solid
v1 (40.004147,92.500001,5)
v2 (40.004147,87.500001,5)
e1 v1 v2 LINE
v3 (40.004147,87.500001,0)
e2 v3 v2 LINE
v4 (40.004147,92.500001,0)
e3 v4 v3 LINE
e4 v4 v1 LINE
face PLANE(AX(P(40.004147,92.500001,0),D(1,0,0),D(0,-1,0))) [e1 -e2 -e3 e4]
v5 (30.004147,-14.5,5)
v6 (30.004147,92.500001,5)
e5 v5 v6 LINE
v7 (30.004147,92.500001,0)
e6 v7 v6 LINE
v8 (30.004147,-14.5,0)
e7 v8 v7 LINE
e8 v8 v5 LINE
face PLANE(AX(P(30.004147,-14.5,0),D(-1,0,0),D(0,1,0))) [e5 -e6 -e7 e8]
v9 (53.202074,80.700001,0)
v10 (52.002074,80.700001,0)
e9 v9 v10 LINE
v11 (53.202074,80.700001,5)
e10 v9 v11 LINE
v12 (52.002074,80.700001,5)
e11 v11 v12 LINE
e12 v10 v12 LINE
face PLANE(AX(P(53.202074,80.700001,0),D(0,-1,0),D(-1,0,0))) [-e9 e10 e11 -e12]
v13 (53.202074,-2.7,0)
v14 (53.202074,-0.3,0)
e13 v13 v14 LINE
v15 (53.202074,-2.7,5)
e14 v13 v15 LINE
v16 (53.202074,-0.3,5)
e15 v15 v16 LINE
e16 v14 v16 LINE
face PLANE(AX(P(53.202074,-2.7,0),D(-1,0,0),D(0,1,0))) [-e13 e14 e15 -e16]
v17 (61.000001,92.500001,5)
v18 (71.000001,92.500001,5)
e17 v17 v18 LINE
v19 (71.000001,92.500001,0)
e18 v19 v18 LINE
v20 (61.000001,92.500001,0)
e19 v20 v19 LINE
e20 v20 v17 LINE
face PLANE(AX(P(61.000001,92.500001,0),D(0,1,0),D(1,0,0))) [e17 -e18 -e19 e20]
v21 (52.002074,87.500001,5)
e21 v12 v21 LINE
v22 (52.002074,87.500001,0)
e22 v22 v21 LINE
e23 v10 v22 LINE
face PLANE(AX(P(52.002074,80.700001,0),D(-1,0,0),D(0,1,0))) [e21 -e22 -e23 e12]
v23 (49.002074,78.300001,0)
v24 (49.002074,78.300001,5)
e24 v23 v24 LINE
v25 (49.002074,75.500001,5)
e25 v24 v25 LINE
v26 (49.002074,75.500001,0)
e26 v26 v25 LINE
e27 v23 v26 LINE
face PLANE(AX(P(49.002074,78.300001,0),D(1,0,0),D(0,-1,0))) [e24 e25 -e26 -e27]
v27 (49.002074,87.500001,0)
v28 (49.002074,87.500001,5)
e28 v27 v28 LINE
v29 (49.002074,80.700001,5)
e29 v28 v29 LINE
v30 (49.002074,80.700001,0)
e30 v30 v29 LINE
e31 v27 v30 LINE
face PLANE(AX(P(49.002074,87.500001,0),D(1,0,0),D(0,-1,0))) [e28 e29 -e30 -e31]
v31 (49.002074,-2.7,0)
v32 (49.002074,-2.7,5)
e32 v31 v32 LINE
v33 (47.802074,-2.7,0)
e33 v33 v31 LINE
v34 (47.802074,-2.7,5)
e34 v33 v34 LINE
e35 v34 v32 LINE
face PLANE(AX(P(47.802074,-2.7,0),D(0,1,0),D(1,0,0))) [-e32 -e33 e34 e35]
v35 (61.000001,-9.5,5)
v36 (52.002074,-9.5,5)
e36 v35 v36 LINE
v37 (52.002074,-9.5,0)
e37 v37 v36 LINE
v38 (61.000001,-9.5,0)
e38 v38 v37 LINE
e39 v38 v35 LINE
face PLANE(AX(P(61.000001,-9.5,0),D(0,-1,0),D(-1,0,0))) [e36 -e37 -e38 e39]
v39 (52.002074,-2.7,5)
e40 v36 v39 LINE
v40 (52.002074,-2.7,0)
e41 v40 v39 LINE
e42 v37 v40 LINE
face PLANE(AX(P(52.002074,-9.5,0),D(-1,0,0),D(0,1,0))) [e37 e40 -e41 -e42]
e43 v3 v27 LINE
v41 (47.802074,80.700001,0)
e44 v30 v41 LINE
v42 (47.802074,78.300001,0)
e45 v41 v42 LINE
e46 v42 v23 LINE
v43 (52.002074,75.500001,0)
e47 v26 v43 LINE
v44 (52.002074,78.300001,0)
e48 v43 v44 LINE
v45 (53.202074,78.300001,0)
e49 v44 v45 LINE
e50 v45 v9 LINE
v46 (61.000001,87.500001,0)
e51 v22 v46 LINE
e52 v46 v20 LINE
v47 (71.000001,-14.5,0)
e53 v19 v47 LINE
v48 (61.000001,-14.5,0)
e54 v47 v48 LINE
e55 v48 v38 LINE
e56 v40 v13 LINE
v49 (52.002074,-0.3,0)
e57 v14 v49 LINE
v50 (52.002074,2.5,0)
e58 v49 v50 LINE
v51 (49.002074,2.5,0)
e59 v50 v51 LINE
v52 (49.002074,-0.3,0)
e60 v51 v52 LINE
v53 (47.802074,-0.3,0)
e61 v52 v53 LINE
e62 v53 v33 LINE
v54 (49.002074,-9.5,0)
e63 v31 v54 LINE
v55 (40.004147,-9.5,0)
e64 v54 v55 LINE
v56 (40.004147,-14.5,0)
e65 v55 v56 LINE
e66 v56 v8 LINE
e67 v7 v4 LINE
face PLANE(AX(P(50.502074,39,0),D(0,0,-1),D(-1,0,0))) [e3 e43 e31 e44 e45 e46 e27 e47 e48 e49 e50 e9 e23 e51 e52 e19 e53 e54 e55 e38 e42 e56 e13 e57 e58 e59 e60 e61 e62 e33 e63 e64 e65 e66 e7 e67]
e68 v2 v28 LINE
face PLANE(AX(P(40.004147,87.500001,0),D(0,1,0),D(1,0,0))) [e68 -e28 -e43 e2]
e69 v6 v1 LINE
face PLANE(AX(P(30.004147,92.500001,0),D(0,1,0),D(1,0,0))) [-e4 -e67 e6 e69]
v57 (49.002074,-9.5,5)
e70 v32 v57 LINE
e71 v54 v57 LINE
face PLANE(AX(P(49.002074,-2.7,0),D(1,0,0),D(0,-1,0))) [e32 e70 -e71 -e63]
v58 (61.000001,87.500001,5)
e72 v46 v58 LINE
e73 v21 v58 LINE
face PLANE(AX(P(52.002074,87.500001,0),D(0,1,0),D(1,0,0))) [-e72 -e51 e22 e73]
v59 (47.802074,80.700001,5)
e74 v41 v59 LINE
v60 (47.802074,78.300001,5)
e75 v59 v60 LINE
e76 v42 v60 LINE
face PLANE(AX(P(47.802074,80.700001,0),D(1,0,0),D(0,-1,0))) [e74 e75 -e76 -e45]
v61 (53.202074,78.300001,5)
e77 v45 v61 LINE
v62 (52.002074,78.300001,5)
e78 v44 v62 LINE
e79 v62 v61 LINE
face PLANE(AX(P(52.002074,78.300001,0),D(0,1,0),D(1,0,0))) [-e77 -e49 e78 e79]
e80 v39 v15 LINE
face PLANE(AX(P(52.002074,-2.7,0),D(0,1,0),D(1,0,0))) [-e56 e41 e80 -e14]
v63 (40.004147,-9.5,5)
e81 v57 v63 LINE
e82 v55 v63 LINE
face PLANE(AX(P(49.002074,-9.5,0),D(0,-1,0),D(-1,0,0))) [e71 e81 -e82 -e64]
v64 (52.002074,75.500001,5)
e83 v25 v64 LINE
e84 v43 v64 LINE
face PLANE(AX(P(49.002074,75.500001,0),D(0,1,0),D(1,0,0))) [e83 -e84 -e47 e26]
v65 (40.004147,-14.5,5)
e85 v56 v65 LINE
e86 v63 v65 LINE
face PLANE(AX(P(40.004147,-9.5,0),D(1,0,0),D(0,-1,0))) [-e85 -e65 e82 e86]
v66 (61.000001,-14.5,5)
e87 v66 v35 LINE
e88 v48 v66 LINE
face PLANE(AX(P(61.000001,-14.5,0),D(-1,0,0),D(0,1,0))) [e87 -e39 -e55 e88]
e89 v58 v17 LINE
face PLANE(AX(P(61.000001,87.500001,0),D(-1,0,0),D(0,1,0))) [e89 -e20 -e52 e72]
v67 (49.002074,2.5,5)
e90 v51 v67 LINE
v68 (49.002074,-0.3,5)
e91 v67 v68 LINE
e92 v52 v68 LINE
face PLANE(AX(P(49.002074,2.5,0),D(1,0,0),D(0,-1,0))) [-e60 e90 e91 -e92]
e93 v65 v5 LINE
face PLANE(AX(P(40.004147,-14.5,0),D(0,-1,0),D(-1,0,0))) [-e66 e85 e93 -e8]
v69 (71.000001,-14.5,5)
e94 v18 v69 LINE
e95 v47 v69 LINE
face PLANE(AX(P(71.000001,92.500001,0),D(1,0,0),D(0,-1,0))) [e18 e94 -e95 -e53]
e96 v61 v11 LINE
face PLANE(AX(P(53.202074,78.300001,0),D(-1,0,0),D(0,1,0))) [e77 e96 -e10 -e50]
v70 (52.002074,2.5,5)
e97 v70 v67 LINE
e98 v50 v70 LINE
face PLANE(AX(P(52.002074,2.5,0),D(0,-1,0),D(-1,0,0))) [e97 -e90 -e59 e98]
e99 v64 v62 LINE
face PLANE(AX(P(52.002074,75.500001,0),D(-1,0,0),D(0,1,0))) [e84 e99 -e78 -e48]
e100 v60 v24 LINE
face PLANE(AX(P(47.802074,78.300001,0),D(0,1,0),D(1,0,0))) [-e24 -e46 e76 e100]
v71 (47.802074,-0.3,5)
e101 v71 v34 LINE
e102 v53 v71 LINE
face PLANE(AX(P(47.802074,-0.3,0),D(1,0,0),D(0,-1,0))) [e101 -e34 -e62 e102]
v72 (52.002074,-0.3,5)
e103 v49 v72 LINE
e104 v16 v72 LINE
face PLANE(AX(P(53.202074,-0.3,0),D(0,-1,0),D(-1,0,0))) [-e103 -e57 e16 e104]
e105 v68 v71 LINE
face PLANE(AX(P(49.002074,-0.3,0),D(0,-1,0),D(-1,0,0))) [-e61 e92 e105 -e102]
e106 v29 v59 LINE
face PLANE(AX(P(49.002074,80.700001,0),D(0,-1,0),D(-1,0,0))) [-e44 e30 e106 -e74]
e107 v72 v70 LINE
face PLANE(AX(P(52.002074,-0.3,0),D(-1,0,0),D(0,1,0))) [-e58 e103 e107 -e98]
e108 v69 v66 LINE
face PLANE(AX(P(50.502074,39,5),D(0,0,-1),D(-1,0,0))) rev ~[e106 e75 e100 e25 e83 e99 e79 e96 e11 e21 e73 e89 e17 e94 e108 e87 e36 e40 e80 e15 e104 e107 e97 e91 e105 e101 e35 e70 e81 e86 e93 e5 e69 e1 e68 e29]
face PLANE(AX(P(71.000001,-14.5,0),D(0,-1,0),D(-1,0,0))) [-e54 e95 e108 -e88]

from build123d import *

# Parameters (mm, degrees)
RESSALTO_EXTRUS_O1_DEPTH = 5


with BuildPart() as part:
    # Model → Ressalto-extrusão1 (new body)
    with BuildSketch(Plane.XY):
        Polygon((52.002073691, 87.500000998), (61.000000611, 87.500000998), (61.000000611, 92.500000998), (71.000000611, 92.500000998), (71.000000611, -14.5), (61.000000611, -14.5), (61.000000611, -9.5), (52.002073691, -9.5), (52.002073691, -2.7), (53.202073691, -2.7), (53.202073691, -0.3), (52.002073691, -0.3), (52.002073691, 2.5), (49.002073691, 2.5), (49.002073691, -0.3), (47.802073691, -0.3), (47.802073691, -2.7), (49.002073691, -2.7), (49.002073691, -9.5), (40.004146771, -9.5), (40.004146771, -14.5), (30.004146771, -14.5), (30.004146771, 92.500000998), (40.004146771, 92.500000998), (40.004146771, 87.500000998), (49.002073691, 87.500000998), (49.002073691, 80.700000998), (47.802073691, 80.700000998), (47.802073691, 78.300000998), (49.002073691, 78.300000998), (49.002073691, 75.500000998), (52.002073691, 75.500000998), (52.002073691, 78.300000998), (53.202073691, 78.300000998), (53.202073691, 80.700000998), (52.002073691, 80.700000998), align=None)
    extrude(amount=RESSALTO_EXTRUS_O1_DEPTH)


solid = part.part
